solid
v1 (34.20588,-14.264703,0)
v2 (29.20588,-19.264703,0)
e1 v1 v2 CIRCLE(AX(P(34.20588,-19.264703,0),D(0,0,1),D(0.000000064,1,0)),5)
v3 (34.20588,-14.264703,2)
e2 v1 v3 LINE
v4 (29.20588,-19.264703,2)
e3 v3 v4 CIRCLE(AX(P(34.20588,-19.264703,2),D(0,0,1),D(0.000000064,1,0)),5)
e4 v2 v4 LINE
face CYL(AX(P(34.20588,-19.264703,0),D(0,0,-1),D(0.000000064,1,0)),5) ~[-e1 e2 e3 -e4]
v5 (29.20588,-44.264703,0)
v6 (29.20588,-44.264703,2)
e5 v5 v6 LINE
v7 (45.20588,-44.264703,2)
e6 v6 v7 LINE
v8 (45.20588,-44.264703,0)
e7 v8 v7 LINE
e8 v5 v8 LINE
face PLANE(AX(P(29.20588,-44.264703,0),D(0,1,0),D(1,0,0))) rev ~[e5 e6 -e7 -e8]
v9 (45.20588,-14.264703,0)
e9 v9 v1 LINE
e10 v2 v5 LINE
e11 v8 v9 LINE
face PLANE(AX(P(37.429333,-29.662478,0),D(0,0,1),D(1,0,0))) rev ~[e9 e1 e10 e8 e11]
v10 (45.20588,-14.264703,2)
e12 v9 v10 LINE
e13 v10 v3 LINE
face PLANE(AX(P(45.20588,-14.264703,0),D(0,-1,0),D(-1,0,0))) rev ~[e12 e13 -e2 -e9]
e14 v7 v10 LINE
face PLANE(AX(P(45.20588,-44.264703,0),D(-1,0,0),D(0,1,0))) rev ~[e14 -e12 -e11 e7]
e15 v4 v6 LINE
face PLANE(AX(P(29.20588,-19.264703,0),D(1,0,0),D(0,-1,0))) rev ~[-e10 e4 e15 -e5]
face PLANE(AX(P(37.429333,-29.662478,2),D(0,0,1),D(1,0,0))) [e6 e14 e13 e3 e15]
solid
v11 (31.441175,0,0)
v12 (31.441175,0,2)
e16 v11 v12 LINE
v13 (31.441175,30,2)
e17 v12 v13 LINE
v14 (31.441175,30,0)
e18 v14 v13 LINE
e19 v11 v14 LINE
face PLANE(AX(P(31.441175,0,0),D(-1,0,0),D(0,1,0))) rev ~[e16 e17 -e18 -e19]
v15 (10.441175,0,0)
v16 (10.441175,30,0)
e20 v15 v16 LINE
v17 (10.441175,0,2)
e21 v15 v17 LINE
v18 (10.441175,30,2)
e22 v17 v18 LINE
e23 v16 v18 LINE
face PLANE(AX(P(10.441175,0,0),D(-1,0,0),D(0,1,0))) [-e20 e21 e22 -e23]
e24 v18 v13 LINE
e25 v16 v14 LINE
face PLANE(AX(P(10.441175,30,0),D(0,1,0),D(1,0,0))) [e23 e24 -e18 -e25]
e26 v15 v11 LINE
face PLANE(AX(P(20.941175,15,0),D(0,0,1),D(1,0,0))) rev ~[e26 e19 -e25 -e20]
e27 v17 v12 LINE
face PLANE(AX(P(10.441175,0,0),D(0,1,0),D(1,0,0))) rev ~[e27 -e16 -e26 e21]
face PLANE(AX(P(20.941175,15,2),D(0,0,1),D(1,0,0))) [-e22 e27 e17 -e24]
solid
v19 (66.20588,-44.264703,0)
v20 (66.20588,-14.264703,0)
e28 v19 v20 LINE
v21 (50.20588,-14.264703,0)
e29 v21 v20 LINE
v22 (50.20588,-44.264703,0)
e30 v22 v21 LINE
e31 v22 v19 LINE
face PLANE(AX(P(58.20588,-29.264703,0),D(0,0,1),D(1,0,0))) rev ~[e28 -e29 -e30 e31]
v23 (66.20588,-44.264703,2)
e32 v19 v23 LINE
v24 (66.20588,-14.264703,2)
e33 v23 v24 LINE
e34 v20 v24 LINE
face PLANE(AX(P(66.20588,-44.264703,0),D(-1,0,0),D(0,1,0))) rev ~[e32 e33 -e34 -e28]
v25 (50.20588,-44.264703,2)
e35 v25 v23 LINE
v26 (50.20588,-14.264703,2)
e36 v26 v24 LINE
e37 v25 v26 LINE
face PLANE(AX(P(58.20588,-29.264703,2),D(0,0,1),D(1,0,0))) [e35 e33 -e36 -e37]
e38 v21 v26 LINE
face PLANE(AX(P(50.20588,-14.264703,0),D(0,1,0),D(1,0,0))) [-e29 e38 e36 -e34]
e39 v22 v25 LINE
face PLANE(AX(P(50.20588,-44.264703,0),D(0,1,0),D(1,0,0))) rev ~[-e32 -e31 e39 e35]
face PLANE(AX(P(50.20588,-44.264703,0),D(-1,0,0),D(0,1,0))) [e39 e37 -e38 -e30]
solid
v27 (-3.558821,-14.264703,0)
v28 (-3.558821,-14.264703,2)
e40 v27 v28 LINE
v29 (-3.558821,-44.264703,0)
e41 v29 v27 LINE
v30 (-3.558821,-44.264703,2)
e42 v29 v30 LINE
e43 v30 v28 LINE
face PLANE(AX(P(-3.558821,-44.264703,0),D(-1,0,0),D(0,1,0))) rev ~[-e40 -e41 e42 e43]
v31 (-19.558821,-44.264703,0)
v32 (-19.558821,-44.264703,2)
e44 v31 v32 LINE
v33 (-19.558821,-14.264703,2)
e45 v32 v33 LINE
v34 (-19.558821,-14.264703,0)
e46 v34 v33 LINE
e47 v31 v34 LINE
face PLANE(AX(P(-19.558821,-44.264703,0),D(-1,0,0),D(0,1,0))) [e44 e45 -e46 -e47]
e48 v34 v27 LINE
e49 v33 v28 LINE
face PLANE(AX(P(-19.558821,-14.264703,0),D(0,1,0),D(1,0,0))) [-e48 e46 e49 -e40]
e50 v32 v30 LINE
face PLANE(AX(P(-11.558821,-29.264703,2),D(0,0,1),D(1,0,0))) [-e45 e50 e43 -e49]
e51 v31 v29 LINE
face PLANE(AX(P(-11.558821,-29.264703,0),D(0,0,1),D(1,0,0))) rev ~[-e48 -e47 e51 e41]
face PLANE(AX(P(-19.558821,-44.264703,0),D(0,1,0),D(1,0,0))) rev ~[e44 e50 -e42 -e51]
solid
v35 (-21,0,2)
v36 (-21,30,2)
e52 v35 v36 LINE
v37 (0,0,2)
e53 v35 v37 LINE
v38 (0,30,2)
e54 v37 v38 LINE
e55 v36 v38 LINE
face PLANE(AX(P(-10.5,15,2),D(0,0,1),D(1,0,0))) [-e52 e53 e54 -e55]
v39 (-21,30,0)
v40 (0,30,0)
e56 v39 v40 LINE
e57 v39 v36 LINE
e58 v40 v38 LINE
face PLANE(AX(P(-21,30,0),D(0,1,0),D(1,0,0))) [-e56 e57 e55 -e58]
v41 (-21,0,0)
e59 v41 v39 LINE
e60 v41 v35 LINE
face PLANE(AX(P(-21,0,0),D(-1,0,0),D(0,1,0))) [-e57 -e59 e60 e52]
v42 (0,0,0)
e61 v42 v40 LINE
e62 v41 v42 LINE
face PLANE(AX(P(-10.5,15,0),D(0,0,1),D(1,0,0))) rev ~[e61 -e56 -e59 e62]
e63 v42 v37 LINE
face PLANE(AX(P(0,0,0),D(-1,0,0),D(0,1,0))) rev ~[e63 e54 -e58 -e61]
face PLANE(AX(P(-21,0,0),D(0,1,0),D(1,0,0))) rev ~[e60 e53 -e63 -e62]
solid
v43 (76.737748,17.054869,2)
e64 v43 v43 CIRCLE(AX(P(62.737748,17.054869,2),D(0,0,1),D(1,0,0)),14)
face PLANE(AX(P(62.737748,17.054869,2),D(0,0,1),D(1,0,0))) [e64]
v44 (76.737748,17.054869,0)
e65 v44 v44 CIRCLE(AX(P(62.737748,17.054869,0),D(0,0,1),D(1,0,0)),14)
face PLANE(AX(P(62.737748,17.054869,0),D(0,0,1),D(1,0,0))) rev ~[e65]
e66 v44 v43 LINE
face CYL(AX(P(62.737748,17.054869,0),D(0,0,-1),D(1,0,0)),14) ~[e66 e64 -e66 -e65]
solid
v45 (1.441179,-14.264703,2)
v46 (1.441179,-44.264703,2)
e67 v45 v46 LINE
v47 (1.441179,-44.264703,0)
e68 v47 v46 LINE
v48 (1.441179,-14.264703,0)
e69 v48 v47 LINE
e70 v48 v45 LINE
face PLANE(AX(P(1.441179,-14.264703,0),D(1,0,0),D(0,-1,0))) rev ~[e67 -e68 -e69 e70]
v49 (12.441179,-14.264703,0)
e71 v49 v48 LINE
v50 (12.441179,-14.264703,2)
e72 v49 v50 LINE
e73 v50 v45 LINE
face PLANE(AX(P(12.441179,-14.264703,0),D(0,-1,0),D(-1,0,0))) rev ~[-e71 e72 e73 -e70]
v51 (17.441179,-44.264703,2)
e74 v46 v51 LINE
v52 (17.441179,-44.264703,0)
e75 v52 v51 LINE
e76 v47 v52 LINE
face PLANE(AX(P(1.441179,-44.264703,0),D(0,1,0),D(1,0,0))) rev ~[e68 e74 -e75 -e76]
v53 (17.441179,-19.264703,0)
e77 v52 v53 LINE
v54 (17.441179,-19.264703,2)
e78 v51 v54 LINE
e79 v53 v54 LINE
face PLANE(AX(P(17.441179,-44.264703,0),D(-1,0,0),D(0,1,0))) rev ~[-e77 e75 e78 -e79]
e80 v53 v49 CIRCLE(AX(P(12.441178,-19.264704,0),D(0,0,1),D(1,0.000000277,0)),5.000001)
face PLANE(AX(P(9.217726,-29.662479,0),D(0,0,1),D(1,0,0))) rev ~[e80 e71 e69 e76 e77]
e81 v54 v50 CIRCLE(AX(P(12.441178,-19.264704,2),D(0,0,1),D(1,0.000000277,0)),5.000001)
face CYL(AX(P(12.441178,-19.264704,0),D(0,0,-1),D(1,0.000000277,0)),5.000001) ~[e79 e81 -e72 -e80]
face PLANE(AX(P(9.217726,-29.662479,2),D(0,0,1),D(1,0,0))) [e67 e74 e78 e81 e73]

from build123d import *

# Parameters (mm, degrees)
F0_W     = 21
F0_H     = 30
F0_W_2   = 16
F0_R     = 14
F1_DEPTH = 2


with BuildPart() as f1:
    # F0 (on Top) → F1 (new body)
    with BuildSketch(Plane.XY):
        with Locations((-10.5, 15)):
            Rectangle(F0_W, F0_H)
        with Locations((20.941175, 15)):
            Rectangle(F0_W, F0_H)
        with Locations((-11.558821, -29.264703)):
            Rectangle(F0_W_2, F0_H)
        with BuildLine():
            Line((17.441179, -44.264703), (17.441179, -19.264703))
            ThreePointArc((17.441179, -19.264703), (15.976712, -15.729169), (12.441179, -14.264703))
            Line((12.441179, -14.264703), (1.441179, -14.264703))
            Line((1.441179, -14.264703), (1.441179, -44.264703))
            Line((1.441179, -44.264703), (17.441179, -44.264703))
        make_face()
        with BuildLine():
            Line((45.20588, -14.264703), (34.20588, -14.264703))
            ThreePointArc((34.20588, -14.264703), (30.670346, -15.729169), (29.20588, -19.264703))
            Line((29.20588, -19.264703), (29.20588, -44.264703))
            Line((29.20588, -44.264703), (45.20588, -44.264703))
            Line((45.20588, -44.264703), (45.20588, -14.264703))
        make_face()
        with Locations((58.20588, -29.264703)):
            Rectangle(F0_W_2, F0_H)
        with Locations((62.737748, 17.054869)):
            Circle(F0_R)
    extrude(amount=F1_DEPTH)


solid = f1.part
